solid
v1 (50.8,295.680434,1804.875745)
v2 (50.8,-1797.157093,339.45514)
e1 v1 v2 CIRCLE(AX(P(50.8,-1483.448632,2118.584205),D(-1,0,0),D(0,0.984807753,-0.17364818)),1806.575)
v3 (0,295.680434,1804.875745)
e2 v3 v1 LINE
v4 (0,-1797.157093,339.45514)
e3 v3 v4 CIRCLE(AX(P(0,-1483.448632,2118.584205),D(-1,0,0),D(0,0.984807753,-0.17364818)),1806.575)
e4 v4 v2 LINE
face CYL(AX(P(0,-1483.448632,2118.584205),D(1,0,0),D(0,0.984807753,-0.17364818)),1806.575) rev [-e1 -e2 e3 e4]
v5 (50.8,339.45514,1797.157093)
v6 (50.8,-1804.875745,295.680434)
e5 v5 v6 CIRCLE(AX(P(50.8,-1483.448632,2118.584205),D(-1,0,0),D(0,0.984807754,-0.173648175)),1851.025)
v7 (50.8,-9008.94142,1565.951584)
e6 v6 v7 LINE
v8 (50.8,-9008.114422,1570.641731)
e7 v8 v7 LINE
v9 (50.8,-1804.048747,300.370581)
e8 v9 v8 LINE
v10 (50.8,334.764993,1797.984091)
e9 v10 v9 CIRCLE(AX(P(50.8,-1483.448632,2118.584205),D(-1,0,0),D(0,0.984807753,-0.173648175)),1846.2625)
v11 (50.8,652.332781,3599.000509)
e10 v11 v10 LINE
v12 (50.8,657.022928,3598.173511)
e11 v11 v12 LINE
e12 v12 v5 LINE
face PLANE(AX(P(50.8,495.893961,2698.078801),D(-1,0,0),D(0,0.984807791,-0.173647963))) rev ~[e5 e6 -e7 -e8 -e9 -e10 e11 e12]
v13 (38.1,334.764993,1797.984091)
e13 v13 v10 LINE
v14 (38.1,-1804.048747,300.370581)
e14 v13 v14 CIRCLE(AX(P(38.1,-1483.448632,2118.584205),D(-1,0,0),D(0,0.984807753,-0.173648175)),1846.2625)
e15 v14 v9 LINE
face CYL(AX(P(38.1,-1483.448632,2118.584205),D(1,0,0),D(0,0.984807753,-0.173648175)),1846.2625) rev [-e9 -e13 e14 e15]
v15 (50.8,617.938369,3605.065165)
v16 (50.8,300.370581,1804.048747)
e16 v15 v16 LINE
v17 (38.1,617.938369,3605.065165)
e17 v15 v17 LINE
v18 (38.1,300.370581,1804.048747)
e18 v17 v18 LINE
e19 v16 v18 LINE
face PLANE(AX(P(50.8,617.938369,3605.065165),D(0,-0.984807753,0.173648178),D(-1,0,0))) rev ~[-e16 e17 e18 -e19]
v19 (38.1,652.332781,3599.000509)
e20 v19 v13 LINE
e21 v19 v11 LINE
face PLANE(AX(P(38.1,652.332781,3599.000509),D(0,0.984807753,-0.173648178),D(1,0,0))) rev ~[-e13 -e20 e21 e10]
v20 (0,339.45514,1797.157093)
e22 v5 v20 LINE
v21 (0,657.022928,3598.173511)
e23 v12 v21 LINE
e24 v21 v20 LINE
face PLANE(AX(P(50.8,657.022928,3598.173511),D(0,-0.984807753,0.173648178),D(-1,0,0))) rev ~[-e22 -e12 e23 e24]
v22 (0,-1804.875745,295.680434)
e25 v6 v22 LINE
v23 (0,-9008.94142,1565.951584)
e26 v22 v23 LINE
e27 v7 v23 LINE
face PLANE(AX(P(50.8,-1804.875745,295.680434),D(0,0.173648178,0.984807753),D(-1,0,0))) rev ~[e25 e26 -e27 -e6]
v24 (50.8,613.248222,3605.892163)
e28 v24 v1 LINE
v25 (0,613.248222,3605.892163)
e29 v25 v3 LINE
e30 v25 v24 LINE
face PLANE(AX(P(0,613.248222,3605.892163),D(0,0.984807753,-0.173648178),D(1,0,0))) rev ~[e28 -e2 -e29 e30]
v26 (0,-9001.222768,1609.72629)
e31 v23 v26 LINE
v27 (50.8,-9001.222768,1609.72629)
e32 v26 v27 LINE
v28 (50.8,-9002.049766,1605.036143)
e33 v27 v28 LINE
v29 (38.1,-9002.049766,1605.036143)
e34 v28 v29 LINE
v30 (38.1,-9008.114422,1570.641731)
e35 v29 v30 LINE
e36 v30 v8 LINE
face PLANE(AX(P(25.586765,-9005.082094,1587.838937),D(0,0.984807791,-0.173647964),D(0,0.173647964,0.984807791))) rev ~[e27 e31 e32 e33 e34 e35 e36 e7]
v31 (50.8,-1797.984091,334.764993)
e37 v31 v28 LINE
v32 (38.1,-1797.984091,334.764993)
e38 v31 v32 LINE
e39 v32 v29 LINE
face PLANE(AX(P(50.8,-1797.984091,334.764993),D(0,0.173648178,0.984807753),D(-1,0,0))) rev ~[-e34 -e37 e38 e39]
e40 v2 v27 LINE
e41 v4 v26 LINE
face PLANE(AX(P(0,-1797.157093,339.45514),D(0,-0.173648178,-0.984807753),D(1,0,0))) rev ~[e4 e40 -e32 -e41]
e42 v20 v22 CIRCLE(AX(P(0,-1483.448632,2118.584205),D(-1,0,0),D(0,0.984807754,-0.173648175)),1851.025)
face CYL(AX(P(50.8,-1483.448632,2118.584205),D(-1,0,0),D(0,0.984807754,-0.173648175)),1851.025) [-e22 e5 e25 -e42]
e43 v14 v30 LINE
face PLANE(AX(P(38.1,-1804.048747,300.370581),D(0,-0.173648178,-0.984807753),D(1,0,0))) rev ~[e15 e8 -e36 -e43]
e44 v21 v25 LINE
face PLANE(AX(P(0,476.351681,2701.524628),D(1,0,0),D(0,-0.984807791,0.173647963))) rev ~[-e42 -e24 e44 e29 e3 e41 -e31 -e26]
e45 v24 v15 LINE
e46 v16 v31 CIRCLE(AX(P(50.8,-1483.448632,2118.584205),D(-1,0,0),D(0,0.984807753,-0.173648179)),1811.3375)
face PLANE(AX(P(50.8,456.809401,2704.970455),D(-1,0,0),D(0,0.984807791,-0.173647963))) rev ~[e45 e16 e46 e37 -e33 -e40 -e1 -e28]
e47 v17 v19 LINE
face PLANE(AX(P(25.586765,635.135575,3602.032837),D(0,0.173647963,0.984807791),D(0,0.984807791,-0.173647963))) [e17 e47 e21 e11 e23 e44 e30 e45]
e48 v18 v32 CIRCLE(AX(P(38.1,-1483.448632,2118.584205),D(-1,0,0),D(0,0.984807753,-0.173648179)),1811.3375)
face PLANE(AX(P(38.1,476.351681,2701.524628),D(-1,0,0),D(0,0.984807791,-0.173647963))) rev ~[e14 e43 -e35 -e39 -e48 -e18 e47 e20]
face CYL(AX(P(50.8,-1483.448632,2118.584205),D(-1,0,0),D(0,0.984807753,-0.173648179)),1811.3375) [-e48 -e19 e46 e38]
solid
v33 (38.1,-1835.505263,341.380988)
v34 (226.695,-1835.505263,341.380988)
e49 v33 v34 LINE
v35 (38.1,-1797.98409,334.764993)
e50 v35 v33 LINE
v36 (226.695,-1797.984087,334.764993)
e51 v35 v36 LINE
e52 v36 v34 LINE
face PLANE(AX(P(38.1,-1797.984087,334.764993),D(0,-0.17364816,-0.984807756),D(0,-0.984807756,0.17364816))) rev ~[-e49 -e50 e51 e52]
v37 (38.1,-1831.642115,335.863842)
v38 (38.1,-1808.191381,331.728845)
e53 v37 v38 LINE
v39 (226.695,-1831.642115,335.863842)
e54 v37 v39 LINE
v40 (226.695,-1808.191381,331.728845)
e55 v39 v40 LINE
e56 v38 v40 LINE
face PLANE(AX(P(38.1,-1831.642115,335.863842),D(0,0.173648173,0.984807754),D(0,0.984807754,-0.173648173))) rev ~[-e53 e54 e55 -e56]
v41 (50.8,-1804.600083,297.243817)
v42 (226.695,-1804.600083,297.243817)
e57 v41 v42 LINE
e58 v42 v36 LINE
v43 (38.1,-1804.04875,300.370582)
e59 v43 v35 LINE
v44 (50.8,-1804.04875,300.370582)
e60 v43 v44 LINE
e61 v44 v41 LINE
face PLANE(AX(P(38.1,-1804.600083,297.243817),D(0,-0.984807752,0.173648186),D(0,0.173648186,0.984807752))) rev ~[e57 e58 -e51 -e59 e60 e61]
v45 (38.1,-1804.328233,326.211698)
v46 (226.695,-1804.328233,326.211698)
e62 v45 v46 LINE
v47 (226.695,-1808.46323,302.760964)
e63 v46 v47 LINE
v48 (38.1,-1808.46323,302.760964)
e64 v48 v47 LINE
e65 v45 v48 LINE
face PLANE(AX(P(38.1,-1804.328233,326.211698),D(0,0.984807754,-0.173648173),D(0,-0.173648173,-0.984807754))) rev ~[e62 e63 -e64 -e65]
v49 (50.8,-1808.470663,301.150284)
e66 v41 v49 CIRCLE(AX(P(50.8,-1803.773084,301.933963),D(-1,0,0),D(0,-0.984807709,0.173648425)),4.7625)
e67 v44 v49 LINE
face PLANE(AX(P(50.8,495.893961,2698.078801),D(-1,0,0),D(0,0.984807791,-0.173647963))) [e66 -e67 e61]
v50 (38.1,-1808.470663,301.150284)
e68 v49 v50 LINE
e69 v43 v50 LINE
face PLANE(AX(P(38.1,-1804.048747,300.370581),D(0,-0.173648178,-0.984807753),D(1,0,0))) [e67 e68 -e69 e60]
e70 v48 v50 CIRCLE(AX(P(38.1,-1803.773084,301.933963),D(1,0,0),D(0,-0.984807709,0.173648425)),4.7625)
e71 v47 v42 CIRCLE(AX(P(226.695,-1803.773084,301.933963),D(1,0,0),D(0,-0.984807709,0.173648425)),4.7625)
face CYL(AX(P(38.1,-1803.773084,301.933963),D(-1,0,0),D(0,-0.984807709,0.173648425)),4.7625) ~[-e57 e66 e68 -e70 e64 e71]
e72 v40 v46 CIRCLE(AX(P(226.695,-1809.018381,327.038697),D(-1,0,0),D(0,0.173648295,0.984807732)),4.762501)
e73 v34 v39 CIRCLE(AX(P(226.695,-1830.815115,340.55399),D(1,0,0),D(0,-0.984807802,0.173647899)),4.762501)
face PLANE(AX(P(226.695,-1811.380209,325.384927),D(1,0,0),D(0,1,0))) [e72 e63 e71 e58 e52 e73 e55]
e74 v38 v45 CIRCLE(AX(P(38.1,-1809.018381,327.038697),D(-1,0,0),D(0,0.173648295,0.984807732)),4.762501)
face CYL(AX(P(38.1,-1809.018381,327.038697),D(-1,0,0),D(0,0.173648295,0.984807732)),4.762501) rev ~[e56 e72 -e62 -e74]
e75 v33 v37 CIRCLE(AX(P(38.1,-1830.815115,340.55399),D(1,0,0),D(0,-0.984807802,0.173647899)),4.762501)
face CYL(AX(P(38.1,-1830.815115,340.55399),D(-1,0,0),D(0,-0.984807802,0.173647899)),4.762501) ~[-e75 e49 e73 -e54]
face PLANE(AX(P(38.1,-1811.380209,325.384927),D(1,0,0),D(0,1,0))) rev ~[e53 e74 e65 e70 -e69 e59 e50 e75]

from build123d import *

# Parameters (mm, degrees)
F3_W     = 38.1
F3_H     = 34.925
F6_DEPTH = 188.595


with BuildPart() as f4:
    # F4: sweep along a path in F1
    with BuildLine(Plane.YZ) as f4_path:
        Line((635.135575, 3602.032837), (317.567787, 1801.016419))
        ThreePointArc((317.567787, 1801.016419), (-434.492045, 620.518947), (-1801.016419, 317.567787))
        Line((-1801.016419, 317.567787), (-9005.082094, 1587.838937))
    # F3 (on face) → F4 (sweep)
    with BuildSketch(Plane(origin=(0, 635.135575, 3602.032837), x_dir=(1, 0, 0), z_dir=(0, 0.173648, 0.984808))):
        with Locations((19.05, 0)):
            Rectangle(F3_W, F3_H)
        Polygon((38.1, -17.4625), (0, -17.4625), (0, -22.225), (50.8, -22.225), (50.8, -17.4625), align=None)
        Polygon((0, 22.225), (0, 17.4625), (38.1, 17.4625), (50.8, 17.4625), (50.8, 22.225), align=None)
    sweep(path=f4_path.line)


with BuildPart() as f6:
    # F5 (on face) → F6 (new body, through all)
    with BuildSketch(Plane.YZ.offset(38.1)):
        with BuildLine():
            Line((-1804.600083, 297.243817), (-1797.984087, 334.764993))
            Line((-1797.984087, 334.764993), (-1835.505263, 341.380988))
            ThreePointArc((-1835.505263, 341.380988), (-1834.716327, 337.822331), (-1831.642115, 335.863842))
            Line((-1831.642115, 335.863842), (-1808.191381, 331.728845))
            ThreePointArc((-1808.191381, 331.728845), (-1805.117169, 329.770356), (-1804.328233, 326.211698))
            Line((-1804.328233, 326.211698), (-1808.46323, 302.760964))
            ThreePointArc((-1808.46323, 302.760964), (-1807.674295, 299.202306), (-1804.600083, 297.243817))
        make_face()
    extrude(amount=F6_DEPTH)

    # F7: cut F4
    add(f4.part, mode=Mode.SUBTRACT)


solid = Compound([f4.part, f6.part])
